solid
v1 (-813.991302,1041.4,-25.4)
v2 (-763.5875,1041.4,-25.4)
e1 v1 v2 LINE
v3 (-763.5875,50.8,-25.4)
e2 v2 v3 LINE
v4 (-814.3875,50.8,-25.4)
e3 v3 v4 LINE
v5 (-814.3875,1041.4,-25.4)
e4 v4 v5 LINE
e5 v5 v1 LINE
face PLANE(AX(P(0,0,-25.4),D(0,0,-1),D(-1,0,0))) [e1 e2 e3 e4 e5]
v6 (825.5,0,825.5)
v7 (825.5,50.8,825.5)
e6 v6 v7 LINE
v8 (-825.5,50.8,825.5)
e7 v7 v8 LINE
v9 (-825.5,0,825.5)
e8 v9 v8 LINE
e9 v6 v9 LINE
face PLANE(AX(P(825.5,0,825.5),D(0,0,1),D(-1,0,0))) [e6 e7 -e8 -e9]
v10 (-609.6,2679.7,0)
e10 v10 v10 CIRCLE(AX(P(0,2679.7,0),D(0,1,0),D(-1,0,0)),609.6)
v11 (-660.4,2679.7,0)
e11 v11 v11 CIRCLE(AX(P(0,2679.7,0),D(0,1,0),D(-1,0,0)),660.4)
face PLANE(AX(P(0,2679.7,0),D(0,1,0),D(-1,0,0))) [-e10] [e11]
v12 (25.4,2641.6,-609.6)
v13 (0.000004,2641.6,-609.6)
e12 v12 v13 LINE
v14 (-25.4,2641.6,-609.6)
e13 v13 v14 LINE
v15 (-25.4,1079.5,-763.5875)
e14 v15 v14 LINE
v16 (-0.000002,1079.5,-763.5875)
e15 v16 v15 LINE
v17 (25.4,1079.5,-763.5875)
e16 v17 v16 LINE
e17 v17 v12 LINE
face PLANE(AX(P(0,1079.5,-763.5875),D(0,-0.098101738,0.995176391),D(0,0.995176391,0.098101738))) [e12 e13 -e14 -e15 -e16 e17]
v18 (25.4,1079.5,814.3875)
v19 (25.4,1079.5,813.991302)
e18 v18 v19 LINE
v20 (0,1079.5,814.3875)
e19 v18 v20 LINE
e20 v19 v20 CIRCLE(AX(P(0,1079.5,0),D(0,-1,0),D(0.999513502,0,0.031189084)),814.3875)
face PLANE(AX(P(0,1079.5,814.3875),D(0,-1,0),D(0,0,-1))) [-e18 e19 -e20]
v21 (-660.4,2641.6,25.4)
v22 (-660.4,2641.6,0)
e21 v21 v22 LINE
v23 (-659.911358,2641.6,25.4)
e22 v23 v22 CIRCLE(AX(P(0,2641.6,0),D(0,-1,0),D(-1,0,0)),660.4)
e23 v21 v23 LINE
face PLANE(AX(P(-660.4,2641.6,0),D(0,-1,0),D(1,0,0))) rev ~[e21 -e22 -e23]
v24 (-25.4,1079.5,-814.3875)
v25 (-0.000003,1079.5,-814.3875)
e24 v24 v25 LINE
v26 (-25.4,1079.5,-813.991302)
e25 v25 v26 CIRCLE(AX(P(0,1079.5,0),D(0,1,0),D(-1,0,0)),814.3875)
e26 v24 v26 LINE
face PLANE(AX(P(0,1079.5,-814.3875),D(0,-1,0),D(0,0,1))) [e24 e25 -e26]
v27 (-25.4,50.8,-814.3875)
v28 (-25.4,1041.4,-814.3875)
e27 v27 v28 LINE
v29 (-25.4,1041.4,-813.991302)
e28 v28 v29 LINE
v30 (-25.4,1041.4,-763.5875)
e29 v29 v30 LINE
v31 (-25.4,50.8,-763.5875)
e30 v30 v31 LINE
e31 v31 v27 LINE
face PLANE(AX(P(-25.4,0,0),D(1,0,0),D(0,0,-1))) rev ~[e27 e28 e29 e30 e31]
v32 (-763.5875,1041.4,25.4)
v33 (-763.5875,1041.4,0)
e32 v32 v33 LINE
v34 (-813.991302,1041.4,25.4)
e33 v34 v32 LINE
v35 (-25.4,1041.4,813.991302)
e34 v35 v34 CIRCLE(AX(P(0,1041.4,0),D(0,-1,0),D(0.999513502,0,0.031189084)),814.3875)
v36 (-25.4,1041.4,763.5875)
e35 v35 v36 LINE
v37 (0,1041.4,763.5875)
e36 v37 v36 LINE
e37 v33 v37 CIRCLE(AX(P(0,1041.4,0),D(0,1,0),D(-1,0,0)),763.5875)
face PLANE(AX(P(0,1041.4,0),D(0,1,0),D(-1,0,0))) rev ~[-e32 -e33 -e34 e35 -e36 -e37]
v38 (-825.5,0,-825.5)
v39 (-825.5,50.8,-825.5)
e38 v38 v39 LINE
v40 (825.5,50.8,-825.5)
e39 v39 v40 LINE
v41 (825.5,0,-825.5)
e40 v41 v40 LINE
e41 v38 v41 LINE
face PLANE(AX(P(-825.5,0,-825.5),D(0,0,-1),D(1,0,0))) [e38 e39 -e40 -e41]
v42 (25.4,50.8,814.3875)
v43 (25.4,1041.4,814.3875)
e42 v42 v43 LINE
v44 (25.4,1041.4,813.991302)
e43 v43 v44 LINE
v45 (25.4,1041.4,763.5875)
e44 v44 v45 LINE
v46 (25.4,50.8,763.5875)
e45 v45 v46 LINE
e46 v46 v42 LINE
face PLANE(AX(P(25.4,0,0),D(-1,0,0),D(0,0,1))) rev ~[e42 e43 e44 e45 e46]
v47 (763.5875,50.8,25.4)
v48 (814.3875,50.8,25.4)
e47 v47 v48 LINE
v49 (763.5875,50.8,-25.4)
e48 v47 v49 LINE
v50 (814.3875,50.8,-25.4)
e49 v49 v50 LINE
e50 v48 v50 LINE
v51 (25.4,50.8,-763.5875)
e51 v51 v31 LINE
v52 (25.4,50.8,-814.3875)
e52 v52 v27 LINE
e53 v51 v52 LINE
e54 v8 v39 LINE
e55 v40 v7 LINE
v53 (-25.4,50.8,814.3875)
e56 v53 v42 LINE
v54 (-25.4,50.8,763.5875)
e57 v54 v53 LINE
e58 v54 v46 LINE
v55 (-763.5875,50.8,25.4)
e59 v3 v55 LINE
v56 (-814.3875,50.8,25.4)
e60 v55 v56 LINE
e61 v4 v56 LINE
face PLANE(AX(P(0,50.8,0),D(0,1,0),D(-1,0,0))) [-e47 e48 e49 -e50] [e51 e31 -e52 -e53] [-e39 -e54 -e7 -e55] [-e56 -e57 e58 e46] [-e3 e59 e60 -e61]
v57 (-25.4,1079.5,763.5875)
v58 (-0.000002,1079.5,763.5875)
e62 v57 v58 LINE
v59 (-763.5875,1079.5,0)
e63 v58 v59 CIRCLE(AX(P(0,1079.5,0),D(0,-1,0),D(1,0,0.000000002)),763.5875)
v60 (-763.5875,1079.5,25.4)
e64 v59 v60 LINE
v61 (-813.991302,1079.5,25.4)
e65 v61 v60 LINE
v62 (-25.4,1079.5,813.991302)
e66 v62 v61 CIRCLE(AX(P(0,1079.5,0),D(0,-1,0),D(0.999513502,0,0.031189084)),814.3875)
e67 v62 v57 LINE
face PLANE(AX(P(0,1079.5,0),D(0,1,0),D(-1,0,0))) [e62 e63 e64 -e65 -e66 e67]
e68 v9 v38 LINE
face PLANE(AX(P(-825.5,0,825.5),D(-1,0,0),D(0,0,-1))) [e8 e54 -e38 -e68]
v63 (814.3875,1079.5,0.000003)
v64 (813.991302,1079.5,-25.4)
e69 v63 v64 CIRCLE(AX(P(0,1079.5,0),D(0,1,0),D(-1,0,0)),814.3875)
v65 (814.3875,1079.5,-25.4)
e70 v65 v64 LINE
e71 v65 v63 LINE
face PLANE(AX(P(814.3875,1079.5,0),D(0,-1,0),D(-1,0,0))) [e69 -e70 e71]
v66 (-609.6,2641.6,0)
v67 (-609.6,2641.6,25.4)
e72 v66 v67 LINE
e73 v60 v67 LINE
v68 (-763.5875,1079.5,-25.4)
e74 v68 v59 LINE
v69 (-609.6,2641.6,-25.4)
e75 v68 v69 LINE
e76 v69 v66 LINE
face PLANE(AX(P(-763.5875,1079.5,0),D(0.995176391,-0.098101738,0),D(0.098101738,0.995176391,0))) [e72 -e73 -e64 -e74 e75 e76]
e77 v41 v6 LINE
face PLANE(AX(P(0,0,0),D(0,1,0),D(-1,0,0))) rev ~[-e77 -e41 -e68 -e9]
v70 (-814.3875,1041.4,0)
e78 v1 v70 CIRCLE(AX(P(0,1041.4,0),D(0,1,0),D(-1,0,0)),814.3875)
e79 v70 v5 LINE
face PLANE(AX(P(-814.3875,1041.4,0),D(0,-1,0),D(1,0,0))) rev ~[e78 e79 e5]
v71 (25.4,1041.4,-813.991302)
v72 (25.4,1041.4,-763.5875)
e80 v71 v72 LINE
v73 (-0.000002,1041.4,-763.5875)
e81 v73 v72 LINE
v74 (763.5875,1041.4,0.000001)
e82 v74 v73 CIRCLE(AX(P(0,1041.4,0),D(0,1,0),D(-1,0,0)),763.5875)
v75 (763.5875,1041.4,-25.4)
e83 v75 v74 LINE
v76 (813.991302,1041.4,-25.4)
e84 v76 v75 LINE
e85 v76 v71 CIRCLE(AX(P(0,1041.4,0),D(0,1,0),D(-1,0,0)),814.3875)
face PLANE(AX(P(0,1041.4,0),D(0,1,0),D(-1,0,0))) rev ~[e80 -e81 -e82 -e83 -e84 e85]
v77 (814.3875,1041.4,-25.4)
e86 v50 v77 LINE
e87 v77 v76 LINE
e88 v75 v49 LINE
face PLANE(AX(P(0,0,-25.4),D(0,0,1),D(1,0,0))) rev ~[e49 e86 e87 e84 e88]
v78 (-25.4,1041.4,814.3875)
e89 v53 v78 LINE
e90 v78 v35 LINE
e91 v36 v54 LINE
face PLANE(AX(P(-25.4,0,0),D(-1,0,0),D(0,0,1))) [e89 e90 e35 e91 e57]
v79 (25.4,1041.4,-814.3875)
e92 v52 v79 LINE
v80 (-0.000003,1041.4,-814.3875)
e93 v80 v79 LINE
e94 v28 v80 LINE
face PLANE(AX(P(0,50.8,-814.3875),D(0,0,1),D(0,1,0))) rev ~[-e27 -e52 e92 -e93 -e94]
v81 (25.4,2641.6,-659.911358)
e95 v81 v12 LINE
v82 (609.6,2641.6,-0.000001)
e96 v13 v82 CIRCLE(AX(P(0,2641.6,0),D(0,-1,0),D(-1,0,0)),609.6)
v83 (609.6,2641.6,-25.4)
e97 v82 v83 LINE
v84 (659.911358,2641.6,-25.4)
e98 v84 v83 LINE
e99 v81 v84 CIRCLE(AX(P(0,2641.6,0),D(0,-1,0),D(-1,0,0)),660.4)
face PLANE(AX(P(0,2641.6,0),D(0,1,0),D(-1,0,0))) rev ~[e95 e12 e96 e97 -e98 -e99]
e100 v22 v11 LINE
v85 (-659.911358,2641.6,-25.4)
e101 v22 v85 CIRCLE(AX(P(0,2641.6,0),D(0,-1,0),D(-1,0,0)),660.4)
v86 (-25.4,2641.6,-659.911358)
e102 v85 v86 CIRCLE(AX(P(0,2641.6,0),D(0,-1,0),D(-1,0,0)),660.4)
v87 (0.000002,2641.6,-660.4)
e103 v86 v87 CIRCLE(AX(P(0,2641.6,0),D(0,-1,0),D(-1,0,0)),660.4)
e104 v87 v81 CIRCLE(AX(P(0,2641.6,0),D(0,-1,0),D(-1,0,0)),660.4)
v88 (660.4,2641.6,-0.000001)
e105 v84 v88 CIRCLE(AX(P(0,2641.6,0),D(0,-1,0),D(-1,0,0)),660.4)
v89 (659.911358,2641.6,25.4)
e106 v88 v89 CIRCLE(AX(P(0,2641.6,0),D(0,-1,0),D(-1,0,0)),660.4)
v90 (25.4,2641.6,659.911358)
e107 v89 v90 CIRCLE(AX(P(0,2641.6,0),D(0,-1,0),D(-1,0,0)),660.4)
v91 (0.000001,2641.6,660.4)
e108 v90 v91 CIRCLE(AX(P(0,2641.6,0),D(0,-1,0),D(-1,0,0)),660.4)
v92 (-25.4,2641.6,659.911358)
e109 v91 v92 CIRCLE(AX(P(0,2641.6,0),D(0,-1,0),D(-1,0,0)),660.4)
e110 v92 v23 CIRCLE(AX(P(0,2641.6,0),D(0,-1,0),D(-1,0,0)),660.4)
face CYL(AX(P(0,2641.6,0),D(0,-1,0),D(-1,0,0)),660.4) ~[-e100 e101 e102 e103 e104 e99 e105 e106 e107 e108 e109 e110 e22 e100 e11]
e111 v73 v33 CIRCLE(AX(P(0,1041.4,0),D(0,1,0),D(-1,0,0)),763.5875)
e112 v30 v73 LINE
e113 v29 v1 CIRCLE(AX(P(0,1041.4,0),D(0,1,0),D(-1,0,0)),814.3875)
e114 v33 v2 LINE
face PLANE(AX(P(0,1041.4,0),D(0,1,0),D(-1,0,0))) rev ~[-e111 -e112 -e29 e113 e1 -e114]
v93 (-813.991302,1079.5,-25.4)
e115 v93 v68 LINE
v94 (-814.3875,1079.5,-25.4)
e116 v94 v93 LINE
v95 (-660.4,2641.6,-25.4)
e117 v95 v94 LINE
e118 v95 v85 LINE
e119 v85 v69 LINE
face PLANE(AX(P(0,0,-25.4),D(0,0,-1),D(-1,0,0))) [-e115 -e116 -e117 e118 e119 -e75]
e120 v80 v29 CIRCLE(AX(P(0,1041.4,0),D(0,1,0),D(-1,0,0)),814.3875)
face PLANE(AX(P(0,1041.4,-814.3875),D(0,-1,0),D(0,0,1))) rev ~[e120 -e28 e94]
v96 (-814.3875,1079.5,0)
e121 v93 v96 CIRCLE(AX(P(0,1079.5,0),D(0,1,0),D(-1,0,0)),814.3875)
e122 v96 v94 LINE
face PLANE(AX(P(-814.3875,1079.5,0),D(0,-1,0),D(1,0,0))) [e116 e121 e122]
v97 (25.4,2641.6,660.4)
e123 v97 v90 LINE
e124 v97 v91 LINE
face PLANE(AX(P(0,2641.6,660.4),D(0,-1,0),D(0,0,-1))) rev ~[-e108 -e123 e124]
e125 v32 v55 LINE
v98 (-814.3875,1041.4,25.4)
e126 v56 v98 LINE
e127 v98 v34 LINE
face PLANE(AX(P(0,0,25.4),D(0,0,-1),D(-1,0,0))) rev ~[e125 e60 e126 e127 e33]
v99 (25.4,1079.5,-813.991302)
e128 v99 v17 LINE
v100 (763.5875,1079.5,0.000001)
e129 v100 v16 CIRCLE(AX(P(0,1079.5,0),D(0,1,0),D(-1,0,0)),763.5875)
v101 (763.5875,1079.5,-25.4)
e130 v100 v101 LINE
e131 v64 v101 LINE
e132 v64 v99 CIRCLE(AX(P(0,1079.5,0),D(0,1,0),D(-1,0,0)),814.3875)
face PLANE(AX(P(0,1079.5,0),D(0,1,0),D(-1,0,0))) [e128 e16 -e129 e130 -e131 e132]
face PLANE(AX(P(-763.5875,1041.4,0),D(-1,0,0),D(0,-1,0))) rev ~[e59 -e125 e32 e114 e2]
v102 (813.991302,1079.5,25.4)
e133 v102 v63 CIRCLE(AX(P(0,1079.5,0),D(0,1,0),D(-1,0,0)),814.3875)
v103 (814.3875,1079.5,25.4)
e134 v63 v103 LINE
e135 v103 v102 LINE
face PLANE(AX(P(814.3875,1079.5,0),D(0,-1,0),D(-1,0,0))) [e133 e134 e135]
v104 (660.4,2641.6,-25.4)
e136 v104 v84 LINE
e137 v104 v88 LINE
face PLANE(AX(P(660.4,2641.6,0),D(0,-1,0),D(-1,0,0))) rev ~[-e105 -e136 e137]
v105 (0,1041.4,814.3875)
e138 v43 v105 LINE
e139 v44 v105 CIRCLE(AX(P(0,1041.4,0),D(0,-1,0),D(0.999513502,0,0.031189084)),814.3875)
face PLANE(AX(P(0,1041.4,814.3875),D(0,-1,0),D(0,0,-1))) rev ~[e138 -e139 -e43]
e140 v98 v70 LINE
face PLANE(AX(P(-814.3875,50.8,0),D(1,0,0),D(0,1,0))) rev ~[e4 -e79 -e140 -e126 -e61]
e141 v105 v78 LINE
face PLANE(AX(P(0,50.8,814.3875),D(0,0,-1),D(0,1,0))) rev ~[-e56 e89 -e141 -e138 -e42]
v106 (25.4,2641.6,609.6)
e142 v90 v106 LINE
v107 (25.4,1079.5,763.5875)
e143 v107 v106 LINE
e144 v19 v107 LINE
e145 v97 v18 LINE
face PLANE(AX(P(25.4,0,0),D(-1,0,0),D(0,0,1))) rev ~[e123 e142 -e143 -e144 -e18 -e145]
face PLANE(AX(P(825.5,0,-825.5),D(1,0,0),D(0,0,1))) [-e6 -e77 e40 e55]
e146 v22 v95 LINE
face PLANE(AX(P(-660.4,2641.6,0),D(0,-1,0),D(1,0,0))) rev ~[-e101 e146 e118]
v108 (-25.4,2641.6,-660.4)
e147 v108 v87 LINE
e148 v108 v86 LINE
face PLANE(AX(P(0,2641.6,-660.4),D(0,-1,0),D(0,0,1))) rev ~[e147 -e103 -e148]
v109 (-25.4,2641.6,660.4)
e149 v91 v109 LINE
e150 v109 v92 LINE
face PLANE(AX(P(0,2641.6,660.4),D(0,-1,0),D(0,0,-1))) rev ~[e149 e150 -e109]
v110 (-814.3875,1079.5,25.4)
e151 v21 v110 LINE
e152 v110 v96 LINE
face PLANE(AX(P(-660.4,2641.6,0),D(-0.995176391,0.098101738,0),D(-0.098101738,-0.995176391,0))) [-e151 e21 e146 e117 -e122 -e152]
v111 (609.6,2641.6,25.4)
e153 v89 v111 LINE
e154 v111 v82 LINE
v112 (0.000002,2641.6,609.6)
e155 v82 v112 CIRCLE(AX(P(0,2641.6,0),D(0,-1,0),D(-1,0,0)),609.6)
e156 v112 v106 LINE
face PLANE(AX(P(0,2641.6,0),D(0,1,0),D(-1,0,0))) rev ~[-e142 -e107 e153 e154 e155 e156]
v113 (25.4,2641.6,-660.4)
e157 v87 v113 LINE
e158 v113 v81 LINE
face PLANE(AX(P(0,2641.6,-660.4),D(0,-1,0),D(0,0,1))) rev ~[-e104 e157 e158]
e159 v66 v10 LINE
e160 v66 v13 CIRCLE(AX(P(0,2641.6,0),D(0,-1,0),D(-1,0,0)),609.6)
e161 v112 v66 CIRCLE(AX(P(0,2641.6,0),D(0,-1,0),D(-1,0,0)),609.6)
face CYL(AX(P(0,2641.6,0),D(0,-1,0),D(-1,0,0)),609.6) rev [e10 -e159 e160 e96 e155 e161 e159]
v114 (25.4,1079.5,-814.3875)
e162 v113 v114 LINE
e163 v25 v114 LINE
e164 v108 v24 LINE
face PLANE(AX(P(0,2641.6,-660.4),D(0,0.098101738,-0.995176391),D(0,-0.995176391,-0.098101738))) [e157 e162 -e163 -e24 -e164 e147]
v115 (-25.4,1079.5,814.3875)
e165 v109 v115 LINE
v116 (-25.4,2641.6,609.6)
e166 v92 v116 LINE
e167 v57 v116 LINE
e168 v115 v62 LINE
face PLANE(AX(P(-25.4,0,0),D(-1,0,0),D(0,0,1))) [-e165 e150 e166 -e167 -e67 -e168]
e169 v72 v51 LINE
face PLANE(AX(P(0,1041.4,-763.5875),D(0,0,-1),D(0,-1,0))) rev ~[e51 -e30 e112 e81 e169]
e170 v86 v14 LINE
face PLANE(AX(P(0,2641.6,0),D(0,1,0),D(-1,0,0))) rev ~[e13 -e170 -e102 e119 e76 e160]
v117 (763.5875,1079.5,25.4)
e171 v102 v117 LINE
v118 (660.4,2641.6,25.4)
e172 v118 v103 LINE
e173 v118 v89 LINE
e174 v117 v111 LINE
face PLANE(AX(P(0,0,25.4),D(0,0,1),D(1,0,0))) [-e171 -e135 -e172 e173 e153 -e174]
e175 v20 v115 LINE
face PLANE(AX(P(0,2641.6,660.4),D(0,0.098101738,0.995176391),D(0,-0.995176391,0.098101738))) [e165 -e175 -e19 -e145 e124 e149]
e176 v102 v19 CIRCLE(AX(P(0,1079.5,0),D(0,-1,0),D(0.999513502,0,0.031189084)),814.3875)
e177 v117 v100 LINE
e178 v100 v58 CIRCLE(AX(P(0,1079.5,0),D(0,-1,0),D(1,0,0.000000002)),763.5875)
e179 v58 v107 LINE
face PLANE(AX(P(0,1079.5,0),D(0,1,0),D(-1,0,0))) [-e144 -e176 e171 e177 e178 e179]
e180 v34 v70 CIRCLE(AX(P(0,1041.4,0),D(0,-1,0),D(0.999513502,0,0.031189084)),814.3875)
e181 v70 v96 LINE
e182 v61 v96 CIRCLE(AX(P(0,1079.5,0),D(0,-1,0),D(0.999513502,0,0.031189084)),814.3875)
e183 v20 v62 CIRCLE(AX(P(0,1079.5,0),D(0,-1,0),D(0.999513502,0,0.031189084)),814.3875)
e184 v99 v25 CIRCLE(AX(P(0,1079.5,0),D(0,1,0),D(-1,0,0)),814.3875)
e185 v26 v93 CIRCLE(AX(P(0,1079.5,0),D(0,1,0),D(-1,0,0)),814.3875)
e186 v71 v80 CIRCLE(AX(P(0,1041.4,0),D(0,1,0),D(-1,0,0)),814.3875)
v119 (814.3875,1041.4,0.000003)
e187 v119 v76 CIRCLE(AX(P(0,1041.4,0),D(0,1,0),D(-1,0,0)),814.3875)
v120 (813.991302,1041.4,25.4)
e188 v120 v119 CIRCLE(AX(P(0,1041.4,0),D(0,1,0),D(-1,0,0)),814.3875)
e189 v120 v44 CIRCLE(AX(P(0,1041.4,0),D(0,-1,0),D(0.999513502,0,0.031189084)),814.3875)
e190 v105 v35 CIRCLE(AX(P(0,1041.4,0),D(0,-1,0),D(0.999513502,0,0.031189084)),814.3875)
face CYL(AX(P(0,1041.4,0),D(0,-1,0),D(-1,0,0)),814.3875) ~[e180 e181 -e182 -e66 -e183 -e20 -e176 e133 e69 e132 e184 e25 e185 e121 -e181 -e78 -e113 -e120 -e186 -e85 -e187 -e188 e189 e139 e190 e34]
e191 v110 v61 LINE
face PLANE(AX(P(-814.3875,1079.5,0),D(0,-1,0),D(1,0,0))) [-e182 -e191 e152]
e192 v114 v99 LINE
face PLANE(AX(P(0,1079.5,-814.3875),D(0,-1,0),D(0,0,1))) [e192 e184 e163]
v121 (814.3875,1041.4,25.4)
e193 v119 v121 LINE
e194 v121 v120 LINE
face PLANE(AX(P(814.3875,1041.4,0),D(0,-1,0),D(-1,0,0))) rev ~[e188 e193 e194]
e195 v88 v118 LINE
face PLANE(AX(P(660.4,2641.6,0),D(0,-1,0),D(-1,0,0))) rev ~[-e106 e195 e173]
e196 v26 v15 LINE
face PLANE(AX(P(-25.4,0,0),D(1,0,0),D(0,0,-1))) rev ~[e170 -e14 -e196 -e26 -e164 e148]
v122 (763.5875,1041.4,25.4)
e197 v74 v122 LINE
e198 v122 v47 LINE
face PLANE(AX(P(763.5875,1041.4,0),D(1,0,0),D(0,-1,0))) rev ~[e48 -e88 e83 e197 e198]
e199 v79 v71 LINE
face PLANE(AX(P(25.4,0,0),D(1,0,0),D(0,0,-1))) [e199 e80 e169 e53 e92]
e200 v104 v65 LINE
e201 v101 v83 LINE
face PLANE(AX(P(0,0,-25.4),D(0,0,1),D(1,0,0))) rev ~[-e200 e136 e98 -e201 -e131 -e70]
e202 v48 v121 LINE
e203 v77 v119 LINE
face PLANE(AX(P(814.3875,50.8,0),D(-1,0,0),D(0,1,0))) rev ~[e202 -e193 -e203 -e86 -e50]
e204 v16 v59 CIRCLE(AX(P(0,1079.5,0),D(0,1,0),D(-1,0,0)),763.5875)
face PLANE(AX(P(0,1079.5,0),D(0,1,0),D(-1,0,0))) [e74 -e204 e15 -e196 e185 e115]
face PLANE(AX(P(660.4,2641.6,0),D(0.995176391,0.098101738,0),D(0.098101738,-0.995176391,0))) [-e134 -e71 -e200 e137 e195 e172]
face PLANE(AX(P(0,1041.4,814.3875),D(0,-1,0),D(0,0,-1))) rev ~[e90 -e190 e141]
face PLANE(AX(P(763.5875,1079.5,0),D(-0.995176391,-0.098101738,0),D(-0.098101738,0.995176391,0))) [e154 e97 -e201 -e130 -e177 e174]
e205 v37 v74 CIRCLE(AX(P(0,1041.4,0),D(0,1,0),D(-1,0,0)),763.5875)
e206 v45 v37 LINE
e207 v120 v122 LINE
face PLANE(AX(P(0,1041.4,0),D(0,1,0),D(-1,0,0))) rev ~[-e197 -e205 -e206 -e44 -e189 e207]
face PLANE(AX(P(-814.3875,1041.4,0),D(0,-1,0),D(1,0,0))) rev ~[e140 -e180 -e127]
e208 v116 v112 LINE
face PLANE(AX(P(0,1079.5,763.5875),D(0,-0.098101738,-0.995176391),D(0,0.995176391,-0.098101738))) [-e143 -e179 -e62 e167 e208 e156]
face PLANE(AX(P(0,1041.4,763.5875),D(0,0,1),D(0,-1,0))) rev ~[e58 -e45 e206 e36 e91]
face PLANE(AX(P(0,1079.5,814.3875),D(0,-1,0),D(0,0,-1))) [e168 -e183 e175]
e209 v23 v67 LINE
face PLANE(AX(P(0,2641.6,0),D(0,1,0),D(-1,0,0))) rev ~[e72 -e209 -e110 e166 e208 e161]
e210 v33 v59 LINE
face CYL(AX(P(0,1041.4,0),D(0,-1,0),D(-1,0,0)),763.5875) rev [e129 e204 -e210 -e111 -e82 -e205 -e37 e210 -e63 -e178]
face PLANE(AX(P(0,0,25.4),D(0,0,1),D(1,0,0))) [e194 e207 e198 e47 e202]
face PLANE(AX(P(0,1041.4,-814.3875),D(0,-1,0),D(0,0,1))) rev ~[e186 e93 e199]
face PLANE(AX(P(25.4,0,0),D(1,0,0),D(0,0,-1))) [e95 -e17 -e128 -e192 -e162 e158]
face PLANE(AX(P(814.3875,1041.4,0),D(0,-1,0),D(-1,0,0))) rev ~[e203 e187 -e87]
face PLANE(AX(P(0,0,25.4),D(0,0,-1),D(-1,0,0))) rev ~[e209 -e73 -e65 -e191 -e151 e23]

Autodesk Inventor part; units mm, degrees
ref_plane "YZ Plane" through (0, 0, 0) normal (1, 0, 0) x (0, 1, 0)
ref_plane "Work Plane1" through (0, 2641.6, 0) normal (0, 1, 0) x (-1, 0, 0)
sketch "Sketch1" plane through (0, 2641.6, 0) normal (0, 1, 0) x (-1, 0, 0)
  circle A0 centre (0, 0) radius 609.6
  circle A1 centre (0, 0) radius 660.4
  line L0 (0, 660.4) -> (0, 609.6)
  line L1 (-609.6, 0) -> (-660.4, 0)
  dimension "d1" = 1219.2
  dimension "d2" = 1320.8
extrude "Extrusion1" add sketch "Sketch1" along normal blind 38.1 contours A0 L0 A1 L1 | A0 L1 A1 L0
ref_plane "Work Plane2" through (0, 1041.4, 0) normal (0, 1, 0) x (-1, 0, 0)
sketch "Sketch2" plane through (0, 1041.4, 0) normal (0, 1, 0) x (-1, 0, 0)
  circle A0 centre (0, 0) radius 763.5875
  circle A1 centre (0, 0) radius 814.3875
  line L0 (0, 763.5875) -> (0, 814.3875)
  dimension "d6" = 1527.175
  dimension "d7" = 1628.775
extrude "Extrusion2" add sketch "Sketch2" along normal blind 38.1
sketch "Sketch3" plane through (0, 0, 0) normal (0, 0, 1) x (1, 0, 0)
  line L0 (814.3875, 1079.5) -> (-814.3875, 1079.5) projected
  line L1 (763.5875, 1079.5) -> (814.3875, 1079.5)
  line L2 (660.4, 2641.6) -> (-660.4, 2641.6) projected
  line L3 (609.6, 2641.6) -> (660.4, 2641.6)
  line L4 (660.4, 2641.6) -> (814.3875, 1079.5)
  line L5 (763.5875, 1079.5) -> (609.6, 2641.6)
  point P0 (0, 0)
extrude "Extrusion3" add sketch "Sketch3" along normal mid plane 50.8
pattern_circular "Circular Pattern1" count 4 over 360 about axis through (0, -10, 0) along (0, 1, 0) of "Extrusion3"
sketch "Sketch4" plane through (0, 0, 0) normal (0, 1, 0) x (-1, 0, 0)
  line L0 (825.5, -825.5) -> (-825.5, -825.5)
  line L1 (-825.5, -825.5) -> (-825.5, 825.5)
  line L2 (-825.5, 825.5) -> (825.5, 825.5)
  line L3 (825.5, 825.5) -> (825.5, -825.5)
  line L4 (825.5, -825.5) -> (-825.5, 825.5) construction
  line L5 (-825.5, -825.5) -> (825.5, 825.5) construction
  point P0 (0, 0)
  dimension "d15" = 1651
  dimension "d16" = 1651
extrude "Extrusion4" add sketch "Sketch4" along normal blind 50.8
sketch "Sketch5" plane through (0, 0, 0) normal (0, 0, 1) x (1, 0, 0)
  line L0 (814.3875, 1041.4) -> (-814.3875, 1041.4) projected
  line L1 (-825.5, 50.8) -> (825.5, 50.8) projected
  line L2 (814.3875, 1041.4) -> (763.5875, 1041.4)
  line L3 (763.5875, 1041.4) -> (763.5875, 50.8)
  line L4 (763.5875, 50.8) -> (814.3875, 50.8)
  line L5 (814.3875, 50.8) -> (814.3875, 1041.4)
  point P0 (0, 0)
  dimension "d19" = 50.8
extrude "Extrusion5" add sketch "Sketch5" along normal mid plane 50.8
pattern_circular "Circular Pattern2" count 4 over 360 about axis through (0, -10, 0) along (0, 1, 0) of "Extrusion5"
properties part number "Hub"
